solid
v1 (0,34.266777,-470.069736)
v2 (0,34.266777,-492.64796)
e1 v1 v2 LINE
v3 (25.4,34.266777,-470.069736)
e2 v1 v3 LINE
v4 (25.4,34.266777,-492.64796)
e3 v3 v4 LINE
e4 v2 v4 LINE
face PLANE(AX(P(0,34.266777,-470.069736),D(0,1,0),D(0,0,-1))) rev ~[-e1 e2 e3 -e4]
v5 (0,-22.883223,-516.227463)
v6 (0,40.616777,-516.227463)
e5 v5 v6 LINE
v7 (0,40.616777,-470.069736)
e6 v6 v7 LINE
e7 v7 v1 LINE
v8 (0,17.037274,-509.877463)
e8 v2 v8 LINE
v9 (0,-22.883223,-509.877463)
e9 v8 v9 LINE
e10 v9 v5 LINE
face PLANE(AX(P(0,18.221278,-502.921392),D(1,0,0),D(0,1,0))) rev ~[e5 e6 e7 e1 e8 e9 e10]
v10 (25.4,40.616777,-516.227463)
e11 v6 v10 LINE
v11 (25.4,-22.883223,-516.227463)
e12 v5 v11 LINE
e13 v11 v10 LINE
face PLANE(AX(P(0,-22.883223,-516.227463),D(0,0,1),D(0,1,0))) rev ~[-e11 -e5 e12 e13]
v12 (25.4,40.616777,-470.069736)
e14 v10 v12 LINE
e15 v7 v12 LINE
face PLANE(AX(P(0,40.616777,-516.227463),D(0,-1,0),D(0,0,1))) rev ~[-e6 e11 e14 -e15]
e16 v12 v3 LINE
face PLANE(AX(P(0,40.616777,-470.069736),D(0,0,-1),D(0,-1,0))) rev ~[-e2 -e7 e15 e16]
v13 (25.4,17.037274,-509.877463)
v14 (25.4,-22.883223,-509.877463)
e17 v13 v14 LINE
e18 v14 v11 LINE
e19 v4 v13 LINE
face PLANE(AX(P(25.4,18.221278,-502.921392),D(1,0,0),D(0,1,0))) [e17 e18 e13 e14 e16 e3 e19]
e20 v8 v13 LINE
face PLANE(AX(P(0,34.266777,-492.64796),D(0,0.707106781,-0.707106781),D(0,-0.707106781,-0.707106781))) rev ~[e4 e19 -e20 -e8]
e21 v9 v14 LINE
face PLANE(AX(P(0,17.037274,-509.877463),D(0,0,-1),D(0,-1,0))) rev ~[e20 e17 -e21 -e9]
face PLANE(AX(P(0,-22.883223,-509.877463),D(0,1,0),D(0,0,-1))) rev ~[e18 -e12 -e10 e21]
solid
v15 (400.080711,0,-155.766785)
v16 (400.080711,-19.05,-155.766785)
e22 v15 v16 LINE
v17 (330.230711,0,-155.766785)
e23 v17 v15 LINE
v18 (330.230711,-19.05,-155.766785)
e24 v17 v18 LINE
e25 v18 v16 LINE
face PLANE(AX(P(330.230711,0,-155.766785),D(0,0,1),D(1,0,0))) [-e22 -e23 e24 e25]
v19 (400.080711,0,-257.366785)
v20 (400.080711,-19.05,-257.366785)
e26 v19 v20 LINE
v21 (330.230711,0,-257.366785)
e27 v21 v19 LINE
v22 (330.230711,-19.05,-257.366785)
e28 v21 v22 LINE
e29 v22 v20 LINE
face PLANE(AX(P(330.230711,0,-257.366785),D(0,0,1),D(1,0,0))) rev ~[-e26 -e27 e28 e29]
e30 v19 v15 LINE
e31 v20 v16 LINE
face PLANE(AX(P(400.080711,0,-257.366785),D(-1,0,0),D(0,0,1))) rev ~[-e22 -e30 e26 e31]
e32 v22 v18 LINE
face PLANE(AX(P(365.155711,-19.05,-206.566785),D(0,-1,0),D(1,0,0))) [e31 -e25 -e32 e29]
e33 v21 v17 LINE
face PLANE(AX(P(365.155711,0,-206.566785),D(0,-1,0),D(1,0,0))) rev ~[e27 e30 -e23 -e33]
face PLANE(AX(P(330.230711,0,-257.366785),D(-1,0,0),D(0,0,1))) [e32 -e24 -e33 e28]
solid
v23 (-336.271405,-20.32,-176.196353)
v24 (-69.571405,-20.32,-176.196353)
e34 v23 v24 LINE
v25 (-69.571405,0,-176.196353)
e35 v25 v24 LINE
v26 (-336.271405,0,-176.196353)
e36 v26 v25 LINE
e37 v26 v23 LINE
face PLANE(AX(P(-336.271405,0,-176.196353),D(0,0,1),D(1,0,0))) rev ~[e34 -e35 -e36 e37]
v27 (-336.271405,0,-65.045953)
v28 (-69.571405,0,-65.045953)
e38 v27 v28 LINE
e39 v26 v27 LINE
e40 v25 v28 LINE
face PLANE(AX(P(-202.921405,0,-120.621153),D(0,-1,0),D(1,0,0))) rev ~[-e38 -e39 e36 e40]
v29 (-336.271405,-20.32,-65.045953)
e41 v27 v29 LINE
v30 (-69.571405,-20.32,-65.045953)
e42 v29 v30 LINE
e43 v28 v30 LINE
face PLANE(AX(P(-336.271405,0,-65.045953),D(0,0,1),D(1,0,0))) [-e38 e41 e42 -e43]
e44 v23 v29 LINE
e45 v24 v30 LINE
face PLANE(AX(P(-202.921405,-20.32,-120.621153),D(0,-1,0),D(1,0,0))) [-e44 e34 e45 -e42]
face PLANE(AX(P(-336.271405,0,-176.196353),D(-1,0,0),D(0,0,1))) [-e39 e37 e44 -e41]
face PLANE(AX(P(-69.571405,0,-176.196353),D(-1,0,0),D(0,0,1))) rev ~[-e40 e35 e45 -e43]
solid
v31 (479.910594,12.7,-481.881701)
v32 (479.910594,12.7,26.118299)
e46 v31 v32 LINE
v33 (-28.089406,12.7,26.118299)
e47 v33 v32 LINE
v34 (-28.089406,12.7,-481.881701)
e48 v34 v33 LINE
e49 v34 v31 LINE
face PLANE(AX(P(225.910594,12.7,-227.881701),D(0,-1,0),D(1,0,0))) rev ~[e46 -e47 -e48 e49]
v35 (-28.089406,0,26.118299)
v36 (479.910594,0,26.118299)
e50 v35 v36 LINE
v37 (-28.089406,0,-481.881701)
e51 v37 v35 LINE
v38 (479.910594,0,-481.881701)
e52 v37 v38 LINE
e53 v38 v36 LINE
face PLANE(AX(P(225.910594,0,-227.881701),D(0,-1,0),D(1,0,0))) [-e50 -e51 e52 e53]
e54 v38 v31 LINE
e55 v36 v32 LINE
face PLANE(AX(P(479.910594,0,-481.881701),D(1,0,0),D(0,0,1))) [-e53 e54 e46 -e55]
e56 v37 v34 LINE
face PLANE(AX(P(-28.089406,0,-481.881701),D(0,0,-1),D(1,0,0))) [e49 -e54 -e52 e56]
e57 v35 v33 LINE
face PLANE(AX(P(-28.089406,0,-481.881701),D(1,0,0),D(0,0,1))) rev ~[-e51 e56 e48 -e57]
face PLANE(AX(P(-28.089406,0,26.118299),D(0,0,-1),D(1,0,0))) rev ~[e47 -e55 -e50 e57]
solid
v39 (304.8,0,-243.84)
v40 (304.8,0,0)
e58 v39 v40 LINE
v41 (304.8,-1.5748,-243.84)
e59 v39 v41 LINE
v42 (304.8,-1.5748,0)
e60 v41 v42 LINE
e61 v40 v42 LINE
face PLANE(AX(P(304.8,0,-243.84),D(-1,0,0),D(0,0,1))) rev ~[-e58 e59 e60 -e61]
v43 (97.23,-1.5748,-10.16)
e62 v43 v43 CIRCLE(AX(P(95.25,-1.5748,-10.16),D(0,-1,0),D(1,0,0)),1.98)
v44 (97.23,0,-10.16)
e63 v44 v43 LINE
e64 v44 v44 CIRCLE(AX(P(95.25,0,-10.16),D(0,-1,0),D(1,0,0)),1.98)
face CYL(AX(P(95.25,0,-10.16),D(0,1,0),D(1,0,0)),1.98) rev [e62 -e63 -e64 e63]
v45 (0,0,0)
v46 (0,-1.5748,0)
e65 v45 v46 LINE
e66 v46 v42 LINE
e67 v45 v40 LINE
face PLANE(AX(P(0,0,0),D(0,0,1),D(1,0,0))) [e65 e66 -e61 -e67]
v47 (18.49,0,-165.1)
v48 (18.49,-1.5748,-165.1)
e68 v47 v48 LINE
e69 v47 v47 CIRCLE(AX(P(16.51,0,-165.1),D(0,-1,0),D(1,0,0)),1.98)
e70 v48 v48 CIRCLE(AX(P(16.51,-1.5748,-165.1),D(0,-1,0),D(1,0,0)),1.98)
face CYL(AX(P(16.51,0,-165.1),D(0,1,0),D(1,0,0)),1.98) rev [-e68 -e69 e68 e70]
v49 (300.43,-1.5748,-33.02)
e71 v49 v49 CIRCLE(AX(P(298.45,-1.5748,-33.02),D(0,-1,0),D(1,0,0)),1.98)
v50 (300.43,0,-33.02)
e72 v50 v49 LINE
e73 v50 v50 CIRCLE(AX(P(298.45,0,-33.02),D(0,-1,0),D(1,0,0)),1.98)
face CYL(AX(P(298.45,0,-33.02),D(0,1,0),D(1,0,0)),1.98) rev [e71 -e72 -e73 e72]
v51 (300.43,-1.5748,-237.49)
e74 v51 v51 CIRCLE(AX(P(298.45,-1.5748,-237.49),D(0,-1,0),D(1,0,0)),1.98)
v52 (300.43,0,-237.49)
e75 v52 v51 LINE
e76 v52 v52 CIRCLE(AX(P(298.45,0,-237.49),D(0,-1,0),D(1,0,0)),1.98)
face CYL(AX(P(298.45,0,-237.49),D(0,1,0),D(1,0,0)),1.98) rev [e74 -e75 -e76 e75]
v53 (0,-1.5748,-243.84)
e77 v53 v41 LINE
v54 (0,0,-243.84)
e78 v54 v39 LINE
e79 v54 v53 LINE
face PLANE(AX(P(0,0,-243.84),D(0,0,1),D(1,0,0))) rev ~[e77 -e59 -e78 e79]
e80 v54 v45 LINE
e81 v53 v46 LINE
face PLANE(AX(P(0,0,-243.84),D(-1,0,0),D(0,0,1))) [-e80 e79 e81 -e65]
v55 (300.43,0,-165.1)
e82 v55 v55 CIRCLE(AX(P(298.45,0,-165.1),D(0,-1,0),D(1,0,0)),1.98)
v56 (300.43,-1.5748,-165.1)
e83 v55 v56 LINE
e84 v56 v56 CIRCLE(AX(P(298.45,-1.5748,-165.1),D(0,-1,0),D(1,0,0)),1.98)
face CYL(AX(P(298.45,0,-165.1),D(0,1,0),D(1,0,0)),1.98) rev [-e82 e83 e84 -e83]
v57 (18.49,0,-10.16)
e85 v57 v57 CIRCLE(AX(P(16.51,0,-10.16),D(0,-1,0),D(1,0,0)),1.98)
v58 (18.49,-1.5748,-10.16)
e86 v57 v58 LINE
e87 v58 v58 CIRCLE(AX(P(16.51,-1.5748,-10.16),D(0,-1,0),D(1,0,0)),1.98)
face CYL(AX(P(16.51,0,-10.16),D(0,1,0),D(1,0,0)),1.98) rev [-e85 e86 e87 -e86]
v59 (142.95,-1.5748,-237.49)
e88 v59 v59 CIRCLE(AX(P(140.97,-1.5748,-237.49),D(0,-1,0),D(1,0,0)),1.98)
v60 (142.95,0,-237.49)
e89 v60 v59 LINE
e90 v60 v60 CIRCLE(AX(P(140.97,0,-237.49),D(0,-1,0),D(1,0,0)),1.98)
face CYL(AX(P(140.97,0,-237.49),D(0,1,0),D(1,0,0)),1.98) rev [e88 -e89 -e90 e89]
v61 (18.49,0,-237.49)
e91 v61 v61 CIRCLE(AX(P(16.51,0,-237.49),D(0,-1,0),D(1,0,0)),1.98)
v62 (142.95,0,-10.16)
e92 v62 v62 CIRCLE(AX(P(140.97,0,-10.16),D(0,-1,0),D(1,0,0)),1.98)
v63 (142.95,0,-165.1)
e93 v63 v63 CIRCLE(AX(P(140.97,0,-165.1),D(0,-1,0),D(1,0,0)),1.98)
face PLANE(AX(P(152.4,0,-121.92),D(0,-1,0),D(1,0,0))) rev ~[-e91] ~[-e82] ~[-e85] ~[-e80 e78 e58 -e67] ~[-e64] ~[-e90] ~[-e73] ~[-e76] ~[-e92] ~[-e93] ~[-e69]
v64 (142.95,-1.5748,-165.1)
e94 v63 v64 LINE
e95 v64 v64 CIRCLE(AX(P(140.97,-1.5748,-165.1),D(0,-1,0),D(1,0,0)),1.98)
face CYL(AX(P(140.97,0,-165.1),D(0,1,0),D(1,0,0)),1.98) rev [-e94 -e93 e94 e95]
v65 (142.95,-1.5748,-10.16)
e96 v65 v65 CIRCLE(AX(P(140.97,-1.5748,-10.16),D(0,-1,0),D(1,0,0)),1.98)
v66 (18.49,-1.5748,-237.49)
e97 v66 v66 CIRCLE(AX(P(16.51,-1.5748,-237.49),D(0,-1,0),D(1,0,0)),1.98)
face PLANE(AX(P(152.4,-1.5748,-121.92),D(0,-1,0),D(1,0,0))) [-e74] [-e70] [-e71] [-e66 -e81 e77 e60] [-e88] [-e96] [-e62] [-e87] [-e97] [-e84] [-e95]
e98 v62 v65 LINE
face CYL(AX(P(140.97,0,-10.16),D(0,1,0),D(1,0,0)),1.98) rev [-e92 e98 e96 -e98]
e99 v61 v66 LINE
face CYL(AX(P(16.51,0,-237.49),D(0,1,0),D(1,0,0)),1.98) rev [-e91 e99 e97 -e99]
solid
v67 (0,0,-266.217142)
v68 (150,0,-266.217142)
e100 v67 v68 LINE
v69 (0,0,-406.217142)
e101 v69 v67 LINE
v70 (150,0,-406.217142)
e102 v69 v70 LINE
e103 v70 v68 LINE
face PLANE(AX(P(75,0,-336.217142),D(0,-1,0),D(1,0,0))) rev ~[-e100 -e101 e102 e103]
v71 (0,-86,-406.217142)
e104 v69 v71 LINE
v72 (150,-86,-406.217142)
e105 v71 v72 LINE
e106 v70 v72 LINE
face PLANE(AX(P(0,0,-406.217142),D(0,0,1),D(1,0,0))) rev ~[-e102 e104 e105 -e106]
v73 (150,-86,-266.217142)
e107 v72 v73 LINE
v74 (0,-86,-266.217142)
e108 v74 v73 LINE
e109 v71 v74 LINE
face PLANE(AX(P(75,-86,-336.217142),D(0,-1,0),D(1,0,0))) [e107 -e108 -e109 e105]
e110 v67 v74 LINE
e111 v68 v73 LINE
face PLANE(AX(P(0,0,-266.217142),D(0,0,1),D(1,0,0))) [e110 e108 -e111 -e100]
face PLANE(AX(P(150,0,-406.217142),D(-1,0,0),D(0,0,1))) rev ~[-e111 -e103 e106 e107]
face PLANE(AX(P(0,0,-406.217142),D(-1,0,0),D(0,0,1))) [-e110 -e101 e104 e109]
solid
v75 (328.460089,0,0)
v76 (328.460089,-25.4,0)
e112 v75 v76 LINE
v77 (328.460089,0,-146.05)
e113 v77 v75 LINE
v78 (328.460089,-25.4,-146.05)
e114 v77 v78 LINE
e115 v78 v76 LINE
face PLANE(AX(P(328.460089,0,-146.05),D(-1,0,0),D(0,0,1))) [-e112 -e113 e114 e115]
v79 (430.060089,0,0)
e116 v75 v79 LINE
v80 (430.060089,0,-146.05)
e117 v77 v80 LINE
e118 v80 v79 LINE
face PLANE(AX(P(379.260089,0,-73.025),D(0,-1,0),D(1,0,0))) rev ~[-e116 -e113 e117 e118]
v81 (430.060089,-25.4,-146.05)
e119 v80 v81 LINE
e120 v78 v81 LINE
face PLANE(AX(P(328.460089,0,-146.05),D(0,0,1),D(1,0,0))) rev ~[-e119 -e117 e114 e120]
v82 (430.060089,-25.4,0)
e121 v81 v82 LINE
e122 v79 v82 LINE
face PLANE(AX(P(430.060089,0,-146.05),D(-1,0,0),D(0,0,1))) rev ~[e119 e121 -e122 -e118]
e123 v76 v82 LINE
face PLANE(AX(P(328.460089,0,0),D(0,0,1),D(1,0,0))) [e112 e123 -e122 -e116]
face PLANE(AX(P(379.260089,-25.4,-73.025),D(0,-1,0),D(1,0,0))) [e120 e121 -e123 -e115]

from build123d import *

# Parameters (mm, degrees)
F0_W      = 304.8
F0_H      = 243.84
F0_R      = 1.98
F1_DEPTH  = 1.5748
F2_W      = 150
F2_H      = 140
F3_DEPTH  = 86
F4_W      = 266.7
F4_H      = 111.1504
F5_DEPTH  = 20.32
F6_W      = 101.6
F6_H      = 146.05
F7_DEPTH  = 25.4
F8_W      = 69.85
F8_H      = 101.6
F9_DEPTH  = 19.05
F10_W     = 508
F10_H     = 508
F11_DEPTH = 12.7
F13_DEPTH = 25.4


with BuildPart() as f1:
    # F0 (on Front) → F1 (new body)
    with BuildSketch(Plane.XZ):
        with Locations((152.4, -121.92)):
            Rectangle(F0_W, F0_H)
        with Locations((16.51, -237.49)):
            Circle(F0_R, mode=Mode.SUBTRACT)
        with Locations((140.97, -237.49)):
            Circle(F0_R, mode=Mode.SUBTRACT)
        with Locations((16.51, -165.1)):
            Circle(F0_R, mode=Mode.SUBTRACT)
        with Locations((140.97, -165.1)):
            Circle(F0_R, mode=Mode.SUBTRACT)
        with Locations((298.45, -237.49)):
            Circle(F0_R, mode=Mode.SUBTRACT)
        with Locations((298.45, -165.1)):
            Circle(F0_R, mode=Mode.SUBTRACT)
        with Locations((16.51, -10.16)):
            Circle(F0_R, mode=Mode.SUBTRACT)
        with Locations((95.25, -10.16)):
            Circle(F0_R, mode=Mode.SUBTRACT)
        with Locations((140.97, -10.16)):
            Circle(F0_R, mode=Mode.SUBTRACT)
        with Locations((298.45, -33.02)):
            Circle(F0_R, mode=Mode.SUBTRACT)
    extrude(amount=F1_DEPTH)


with BuildPart() as f3:
    # F2 (on Front) → F3 (new body)
    with BuildSketch(Plane.XZ):
        with Locations((75, -336.217142)):
            Rectangle(F2_W, F2_H)
    extrude(amount=F3_DEPTH)


with BuildPart() as f5:
    # F4 (on Front) → F5 (new body)
    with BuildSketch(Plane.XZ):
        with Locations((-202.921405, -120.621153)):
            Rectangle(F4_W, F4_H)
    extrude(amount=F5_DEPTH)


with BuildPart() as f7:
    # F6 (on Front) → F7 (new body)
    with BuildSketch(Plane.XZ):
        with Locations((379.260089, -73.025)):
            Rectangle(F6_W, F6_H)
    extrude(amount=F7_DEPTH)


with BuildPart() as f9:
    # F8 (on Front) → F9 (new body)
    with BuildSketch(Plane.XZ):
        with Locations((365.155711, -206.566785)):
            Rectangle(F8_W, F8_H)
    extrude(amount=F9_DEPTH)


with BuildPart() as f11:
    # F10 (on Front) → F11 (new body)
    with BuildSketch(Plane.XZ):
        with Locations((225.910594, -227.881701)):
            Rectangle(F10_W, F10_H)
    extrude(amount=-F11_DEPTH)


with BuildPart() as f13:
    # F12 (on Right) → F13 (new body)
    with BuildSketch(Plane.YZ):
        Polygon((40.616777, -470.069736), (34.266777, -470.069736), (34.266777, -492.64796), (17.037274, -509.877463), (-22.883223, -509.877463), (-22.883223, -516.227463), (40.616777, -516.227463), align=None)
    extrude(amount=F13_DEPTH)


solid = Compound([f1.part, f3.part, f5.part, f7.part, f9.part, f11.part, f13.part])
